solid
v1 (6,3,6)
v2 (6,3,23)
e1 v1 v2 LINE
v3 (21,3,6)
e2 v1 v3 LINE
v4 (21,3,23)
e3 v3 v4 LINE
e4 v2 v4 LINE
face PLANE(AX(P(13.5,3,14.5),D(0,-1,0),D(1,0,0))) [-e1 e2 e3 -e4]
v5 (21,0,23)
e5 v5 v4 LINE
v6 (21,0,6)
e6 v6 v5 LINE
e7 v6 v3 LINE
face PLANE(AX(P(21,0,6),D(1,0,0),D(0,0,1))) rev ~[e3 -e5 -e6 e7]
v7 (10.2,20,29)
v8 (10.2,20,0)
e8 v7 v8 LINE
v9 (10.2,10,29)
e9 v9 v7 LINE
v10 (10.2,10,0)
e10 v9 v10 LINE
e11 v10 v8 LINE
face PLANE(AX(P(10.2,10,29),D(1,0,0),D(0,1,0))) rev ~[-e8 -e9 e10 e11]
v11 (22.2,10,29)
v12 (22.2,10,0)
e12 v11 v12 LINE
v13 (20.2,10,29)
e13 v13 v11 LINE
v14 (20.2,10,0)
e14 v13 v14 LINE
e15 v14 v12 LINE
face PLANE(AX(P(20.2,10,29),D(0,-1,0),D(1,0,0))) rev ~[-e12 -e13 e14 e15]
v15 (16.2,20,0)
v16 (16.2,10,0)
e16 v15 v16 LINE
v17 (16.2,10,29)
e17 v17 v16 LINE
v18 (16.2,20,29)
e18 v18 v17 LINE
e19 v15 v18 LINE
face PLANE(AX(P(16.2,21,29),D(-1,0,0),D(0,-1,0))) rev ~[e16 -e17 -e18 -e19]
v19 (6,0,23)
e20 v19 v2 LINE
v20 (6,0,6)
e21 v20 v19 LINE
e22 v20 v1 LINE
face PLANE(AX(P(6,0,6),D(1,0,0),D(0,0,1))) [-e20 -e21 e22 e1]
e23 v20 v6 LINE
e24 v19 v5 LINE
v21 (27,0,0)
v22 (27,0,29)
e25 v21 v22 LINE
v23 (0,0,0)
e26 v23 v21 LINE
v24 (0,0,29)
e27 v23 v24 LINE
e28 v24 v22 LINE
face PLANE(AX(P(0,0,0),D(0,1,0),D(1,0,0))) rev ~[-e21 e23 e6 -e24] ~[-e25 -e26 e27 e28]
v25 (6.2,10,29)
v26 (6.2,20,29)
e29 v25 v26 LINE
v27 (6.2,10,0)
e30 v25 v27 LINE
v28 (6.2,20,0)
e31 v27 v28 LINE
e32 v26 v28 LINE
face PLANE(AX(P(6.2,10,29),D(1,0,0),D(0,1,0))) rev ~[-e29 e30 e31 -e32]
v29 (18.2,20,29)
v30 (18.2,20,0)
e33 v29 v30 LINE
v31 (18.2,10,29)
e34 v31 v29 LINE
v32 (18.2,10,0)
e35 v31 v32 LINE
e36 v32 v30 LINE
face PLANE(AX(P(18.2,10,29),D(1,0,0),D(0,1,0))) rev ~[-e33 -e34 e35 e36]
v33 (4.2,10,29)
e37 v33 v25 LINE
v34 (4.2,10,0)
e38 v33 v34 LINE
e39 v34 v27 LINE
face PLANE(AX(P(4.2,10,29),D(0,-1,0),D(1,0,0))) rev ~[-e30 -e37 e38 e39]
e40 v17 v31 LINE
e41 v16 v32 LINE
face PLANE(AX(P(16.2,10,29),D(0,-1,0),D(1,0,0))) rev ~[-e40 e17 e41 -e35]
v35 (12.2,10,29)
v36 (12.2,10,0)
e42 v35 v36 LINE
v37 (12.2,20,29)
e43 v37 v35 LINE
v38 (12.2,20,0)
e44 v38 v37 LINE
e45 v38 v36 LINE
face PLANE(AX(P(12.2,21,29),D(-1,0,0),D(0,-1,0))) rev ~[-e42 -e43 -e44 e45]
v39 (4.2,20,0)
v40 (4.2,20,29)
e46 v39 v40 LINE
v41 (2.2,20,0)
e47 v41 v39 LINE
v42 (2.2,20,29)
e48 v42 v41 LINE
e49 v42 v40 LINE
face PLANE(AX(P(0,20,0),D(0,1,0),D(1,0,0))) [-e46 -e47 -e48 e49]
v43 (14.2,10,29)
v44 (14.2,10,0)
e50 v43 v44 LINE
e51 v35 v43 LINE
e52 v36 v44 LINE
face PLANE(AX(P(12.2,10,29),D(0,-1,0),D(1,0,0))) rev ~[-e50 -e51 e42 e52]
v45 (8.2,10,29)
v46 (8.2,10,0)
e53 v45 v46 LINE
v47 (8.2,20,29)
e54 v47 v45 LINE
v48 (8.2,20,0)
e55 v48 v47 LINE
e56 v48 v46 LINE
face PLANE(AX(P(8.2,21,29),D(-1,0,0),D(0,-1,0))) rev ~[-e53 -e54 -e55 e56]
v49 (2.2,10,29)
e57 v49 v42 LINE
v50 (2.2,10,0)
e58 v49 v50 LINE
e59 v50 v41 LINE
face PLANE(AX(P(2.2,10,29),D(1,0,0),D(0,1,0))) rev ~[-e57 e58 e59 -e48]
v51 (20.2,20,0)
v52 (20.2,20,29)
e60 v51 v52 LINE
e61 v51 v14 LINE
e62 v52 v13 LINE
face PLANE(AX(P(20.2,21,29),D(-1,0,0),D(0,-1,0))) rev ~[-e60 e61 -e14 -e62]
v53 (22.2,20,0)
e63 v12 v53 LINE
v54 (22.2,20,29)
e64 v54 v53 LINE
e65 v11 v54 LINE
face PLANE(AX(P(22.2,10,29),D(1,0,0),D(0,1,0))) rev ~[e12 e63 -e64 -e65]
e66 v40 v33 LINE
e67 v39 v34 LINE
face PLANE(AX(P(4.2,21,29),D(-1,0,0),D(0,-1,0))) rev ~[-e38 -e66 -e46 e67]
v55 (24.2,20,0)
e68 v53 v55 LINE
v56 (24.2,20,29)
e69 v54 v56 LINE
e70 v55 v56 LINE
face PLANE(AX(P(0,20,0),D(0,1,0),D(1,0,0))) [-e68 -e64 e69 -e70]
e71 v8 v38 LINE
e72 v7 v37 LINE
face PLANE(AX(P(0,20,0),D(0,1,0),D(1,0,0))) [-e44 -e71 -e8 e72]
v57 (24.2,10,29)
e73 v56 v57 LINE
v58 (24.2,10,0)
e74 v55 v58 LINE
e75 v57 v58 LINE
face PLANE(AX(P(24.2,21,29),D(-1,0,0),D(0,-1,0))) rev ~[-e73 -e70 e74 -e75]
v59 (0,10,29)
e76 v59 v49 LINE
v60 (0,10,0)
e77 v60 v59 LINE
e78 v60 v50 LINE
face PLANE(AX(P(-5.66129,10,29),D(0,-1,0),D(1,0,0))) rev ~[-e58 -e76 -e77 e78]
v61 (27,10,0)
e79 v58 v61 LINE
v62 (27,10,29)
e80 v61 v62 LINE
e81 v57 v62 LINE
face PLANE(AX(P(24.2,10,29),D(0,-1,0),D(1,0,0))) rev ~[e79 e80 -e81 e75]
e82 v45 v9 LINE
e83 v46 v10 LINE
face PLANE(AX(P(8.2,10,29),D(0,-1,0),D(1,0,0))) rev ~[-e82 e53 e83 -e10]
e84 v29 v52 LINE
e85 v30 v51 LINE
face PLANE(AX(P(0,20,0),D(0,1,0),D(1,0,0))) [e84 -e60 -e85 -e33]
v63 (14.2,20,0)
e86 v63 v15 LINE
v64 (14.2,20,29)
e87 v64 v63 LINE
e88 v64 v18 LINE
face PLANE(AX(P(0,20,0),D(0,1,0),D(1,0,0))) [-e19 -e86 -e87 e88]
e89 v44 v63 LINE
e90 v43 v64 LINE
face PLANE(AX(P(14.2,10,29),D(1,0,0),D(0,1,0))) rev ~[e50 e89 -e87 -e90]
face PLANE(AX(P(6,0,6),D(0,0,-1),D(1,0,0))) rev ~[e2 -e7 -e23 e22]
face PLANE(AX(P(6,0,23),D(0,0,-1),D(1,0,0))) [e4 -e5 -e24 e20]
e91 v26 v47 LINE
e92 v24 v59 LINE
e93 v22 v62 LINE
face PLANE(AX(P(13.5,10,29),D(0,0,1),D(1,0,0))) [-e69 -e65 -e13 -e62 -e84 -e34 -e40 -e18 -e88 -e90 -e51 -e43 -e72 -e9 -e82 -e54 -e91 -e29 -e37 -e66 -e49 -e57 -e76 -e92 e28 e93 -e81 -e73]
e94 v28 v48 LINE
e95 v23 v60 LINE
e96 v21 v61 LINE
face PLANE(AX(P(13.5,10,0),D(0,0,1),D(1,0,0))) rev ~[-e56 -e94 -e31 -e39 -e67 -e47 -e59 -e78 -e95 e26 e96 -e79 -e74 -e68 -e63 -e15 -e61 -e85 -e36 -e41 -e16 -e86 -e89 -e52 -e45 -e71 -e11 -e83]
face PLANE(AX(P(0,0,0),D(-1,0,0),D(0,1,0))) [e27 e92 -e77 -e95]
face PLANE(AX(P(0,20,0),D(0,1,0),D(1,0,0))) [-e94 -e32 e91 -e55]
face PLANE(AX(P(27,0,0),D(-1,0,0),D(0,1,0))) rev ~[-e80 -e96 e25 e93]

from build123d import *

# Parameters (mm, degrees)
F0_W     = 27
F0_H     = 20
F1_DEPTH = 29
F3_DEPTH = 29.001
F4_W     = 15
F4_H     = 17
F5_DEPTH = 3


with BuildPart() as f1:
    # F0 (on Top) → F1 (new body)
    with BuildSketch(Plane.XY):
        with Locations((13.5, 10)):
            Rectangle(F0_W, F0_H)
    extrude(amount=F1_DEPTH)

    # F2 (on face) → F3 (cut, through all)
    with BuildSketch(Plane.XY.offset(29)):
        Polygon((-5.87794, 25.212042), (-5.66129, 10), (2.2, 10), (2.2, 21), (4.2, 21), (4.2, 10), (6.2, 10), (6.2, 21), (8.2, 21), (8.2, 10), (10.2, 10), (10.2, 21), (12.2, 21), (12.2, 10), (14.2, 10), (14.2, 21), (16.2, 21), (16.2, 10), (18.2, 10), (18.2, 21), (20.2, 21), (20.2, 10), (22.2, 10), (22.2, 21), (24.2, 21), (24.2, 10), (26.2, 10), (30.417973, 10), (30.417973, 25.212042), align=None)
    extrude(amount=-F3_DEPTH, mode=Mode.SUBTRACT)

    # F4 (on face) → F5 (cut)
    with BuildSketch(Plane.XZ):
        with Locations((13.5, 14.5)):
            Rectangle(F4_W, F4_H)
    extrude(amount=-F5_DEPTH, mode=Mode.SUBTRACT)


solid = f1.part
